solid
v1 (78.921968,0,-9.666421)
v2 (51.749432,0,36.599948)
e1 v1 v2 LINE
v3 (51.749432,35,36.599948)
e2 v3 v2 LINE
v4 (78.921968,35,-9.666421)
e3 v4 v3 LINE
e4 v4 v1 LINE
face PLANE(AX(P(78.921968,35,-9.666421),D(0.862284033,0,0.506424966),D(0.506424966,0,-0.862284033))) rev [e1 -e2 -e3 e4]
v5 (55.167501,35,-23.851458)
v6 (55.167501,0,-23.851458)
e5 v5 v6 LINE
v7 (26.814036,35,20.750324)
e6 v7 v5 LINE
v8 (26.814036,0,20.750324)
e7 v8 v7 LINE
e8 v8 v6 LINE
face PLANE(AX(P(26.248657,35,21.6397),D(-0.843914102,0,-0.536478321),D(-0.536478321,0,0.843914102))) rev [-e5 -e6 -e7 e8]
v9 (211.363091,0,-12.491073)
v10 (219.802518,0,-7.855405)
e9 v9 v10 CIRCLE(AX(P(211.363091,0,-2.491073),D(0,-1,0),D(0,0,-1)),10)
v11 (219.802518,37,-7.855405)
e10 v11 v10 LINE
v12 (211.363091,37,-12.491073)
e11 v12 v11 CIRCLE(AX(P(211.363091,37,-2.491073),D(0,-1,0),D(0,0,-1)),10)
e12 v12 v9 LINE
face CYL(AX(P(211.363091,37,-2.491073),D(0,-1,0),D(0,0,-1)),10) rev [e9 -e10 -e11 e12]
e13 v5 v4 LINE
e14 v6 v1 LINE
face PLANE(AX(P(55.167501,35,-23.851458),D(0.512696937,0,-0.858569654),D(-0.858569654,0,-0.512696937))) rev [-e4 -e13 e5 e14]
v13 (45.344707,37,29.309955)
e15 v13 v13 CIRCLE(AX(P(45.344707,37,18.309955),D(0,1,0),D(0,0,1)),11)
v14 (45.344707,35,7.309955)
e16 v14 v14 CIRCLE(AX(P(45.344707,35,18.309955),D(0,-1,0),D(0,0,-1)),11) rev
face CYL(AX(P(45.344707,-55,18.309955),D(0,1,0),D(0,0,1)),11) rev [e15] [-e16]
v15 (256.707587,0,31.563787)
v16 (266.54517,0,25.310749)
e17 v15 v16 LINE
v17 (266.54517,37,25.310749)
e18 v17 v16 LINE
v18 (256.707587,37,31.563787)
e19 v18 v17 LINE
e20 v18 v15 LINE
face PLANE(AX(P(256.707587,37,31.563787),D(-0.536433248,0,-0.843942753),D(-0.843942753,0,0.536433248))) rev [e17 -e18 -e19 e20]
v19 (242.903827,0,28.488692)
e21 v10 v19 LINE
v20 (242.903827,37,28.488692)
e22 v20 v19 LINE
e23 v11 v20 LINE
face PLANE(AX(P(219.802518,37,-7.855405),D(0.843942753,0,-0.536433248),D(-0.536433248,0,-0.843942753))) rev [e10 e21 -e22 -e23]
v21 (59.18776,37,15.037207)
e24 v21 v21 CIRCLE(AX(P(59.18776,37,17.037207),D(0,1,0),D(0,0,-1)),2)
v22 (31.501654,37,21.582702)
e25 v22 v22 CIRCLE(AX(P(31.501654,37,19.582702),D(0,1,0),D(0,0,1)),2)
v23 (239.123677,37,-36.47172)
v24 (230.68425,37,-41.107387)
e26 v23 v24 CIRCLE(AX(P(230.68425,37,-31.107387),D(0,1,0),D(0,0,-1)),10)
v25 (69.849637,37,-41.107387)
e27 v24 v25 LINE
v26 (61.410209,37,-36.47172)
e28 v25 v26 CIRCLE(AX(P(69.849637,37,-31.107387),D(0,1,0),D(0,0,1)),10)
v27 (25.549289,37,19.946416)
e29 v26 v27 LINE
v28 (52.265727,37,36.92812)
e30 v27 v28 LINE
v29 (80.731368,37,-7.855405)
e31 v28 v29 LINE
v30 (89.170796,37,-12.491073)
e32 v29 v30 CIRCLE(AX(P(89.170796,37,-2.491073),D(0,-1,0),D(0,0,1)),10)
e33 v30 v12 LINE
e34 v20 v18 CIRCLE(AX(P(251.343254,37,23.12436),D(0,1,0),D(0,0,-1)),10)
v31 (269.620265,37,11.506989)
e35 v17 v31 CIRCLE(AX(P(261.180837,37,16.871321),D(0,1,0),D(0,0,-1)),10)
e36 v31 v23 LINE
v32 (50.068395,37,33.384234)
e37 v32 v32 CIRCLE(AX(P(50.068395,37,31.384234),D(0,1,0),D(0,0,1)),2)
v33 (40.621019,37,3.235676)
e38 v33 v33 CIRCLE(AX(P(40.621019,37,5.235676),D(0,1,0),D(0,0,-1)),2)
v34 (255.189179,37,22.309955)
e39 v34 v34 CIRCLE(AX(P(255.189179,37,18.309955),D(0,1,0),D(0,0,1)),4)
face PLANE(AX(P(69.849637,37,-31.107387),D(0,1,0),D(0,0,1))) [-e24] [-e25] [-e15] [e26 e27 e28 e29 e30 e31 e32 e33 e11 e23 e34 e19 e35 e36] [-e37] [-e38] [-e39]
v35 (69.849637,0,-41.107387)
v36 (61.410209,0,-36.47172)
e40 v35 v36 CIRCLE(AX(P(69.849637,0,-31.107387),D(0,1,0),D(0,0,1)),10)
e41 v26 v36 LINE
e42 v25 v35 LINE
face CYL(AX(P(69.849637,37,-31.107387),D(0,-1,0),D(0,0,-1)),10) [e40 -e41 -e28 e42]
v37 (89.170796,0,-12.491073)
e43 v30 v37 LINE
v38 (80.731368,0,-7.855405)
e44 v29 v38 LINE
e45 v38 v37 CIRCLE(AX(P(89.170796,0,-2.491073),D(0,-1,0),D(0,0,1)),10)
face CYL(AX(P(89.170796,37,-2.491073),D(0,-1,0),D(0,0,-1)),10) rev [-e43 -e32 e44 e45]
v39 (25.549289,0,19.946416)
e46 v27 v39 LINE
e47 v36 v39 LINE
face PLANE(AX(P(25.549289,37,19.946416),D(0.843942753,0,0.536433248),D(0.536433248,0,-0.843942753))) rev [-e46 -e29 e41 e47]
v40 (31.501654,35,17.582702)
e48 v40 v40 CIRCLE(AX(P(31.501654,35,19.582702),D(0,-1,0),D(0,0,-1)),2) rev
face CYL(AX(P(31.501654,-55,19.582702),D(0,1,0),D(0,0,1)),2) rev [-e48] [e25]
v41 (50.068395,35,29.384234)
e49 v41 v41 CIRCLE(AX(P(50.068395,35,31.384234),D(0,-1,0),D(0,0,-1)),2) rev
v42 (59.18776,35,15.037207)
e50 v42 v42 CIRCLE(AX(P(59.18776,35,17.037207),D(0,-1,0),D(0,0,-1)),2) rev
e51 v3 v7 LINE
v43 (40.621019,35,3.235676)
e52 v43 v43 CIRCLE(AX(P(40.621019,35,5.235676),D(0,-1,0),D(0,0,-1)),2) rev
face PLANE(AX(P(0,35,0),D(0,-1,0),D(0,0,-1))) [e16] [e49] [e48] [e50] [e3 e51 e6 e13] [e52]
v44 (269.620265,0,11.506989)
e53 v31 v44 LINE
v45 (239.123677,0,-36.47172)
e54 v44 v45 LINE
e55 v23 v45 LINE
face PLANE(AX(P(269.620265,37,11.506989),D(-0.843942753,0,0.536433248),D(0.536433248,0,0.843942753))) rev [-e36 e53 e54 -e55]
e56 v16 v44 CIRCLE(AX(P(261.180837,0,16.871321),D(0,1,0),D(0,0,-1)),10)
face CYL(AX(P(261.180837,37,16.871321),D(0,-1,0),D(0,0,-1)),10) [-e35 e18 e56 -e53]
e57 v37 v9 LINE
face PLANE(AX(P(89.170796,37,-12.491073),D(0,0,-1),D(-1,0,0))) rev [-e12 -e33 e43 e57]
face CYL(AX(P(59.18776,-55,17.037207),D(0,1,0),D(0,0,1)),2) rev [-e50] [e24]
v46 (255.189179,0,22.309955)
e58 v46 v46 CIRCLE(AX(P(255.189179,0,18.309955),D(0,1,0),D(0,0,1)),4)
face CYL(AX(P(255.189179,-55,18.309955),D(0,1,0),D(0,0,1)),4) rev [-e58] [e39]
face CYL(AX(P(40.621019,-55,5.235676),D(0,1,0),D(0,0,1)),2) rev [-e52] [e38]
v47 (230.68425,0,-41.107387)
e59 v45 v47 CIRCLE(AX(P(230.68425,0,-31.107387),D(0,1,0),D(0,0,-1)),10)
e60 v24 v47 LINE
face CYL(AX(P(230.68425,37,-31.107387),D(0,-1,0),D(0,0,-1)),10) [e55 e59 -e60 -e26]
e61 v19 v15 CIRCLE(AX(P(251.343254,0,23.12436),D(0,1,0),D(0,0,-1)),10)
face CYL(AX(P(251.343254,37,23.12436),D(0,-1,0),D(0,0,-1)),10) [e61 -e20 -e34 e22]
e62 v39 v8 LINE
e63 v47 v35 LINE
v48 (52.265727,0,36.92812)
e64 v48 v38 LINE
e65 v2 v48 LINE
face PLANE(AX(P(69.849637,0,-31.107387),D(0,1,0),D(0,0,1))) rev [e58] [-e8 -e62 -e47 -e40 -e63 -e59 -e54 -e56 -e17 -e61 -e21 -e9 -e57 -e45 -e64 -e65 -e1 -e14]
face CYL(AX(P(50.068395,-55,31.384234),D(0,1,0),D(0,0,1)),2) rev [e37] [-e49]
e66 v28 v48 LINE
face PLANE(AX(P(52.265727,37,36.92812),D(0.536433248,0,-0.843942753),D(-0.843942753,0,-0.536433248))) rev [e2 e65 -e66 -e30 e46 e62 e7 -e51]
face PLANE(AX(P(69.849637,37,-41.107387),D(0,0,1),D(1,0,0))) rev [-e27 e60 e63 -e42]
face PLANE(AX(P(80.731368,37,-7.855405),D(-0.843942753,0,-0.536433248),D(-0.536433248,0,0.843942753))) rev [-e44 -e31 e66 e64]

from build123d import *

# Parameters (mm, degrees)
BOSS_EXTRUDE1_DEPTH = 37
SKETCH3_R           = 11
SKETCH3_R_2         = 2
SKETCH3_R_3         = 4
CUT_EXTRUDE1_DEPTH  = 92
CUT_EXTRUDE5_DEPTH  = 35


with BuildPart() as part:
    # Sketch1 → Boss-Extrude1 (new body)
    with BuildSketch(Plane(origin=(0, 0, 0), x_dir=(1, 0, 0), z_dir=(0, 1, 0))):
        with BuildLine():
            Line((30.91362152, -11.506988518), (61.410209359, 36.471719739))
            ThreePointArc((61.410209359, 36.471719739), (65.035248289, 39.872184028), (69.84963689, 41.10738726))
            Line((69.84963689, 41.10738726), (230.684249594, 41.10738726))
            ThreePointArc((230.684249594, 41.10738726), (235.498638195, 39.872184028), (239.123677125, 36.471719739))
            Line((239.123677125, 36.471719739), (269.620264964, -11.506988518))
            ThreePointArc((269.620264964, -11.506988518), (270.941569742, -19.045741561), (266.545169913, -25.310748528))
            Line((266.545169913, -25.310748528), (256.707586966, -31.563787081))
            ThreePointArc((256.707586966, -31.563787081), (249.168833923, -32.885091859), (242.903826956, -28.488692029))
            Line((242.903826956, -28.488692029), (219.802518103, 7.855405338))
            ThreePointArc((219.802518103, 7.855405338), (216.177479173, 11.255869627), (211.363090572, 12.491072858))
            Line((211.363090572, 12.491072858), (89.170795912, 12.491072858))
            ThreePointArc((89.170795912, 12.491072858), (84.356407311, 11.255869627), (80.731368381, 7.855405338))
            Line((80.731368381, 7.855405338), (57.630059528, -28.488692029))
            Line((57.630059528, -28.488692029), (52.265727049, -36.92811956))
            Line((52.265727049, -36.92811956), (25.54928904, -19.946416049))
            Line((25.54928904, -19.946416049), (30.91362152, -11.506988518))
        make_face()
    extrude(amount=BOSS_EXTRUDE1_DEPTH)

    # Sketch3 → Cut-Extrude1 (cut)
    with BuildSketch(Plane(origin=(0, 37, 0), x_dir=(1, 0, 0), z_dir=(0, 1, 0))):
        with Locations((45.34470702, -18.309954767)):
            Circle(SKETCH3_R)
        with Locations((40.621019343, -5.235675639)):
            Circle(SKETCH3_R_2)
        with Locations((59.187759911, -17.037207093)):
            Circle(SKETCH3_R_2)
        with Locations((255.189179464, -18.309954767)):
            Circle(SKETCH3_R_3)
        with Locations((50.068394696, -31.384233896)):
            Circle(SKETCH3_R_2)
        with Locations((31.501654128, -19.582702442)):
            Circle(SKETCH3_R_2)
    extrude(amount=-CUT_EXTRUDE1_DEPTH, mode=Mode.SUBTRACT)

    # Sketch9 → Cut-Extrude5 (cut)
    with BuildSketch(Plane.XZ):
        Polygon((26.248657405, 21.639699706), (55.167500935, -23.851457954), (78.921967938, -9.666420768), (51.214594578, 37.510608863), align=None)
    extrude(amount=-CUT_EXTRUDE5_DEPTH, mode=Mode.SUBTRACT)


solid = part.part
